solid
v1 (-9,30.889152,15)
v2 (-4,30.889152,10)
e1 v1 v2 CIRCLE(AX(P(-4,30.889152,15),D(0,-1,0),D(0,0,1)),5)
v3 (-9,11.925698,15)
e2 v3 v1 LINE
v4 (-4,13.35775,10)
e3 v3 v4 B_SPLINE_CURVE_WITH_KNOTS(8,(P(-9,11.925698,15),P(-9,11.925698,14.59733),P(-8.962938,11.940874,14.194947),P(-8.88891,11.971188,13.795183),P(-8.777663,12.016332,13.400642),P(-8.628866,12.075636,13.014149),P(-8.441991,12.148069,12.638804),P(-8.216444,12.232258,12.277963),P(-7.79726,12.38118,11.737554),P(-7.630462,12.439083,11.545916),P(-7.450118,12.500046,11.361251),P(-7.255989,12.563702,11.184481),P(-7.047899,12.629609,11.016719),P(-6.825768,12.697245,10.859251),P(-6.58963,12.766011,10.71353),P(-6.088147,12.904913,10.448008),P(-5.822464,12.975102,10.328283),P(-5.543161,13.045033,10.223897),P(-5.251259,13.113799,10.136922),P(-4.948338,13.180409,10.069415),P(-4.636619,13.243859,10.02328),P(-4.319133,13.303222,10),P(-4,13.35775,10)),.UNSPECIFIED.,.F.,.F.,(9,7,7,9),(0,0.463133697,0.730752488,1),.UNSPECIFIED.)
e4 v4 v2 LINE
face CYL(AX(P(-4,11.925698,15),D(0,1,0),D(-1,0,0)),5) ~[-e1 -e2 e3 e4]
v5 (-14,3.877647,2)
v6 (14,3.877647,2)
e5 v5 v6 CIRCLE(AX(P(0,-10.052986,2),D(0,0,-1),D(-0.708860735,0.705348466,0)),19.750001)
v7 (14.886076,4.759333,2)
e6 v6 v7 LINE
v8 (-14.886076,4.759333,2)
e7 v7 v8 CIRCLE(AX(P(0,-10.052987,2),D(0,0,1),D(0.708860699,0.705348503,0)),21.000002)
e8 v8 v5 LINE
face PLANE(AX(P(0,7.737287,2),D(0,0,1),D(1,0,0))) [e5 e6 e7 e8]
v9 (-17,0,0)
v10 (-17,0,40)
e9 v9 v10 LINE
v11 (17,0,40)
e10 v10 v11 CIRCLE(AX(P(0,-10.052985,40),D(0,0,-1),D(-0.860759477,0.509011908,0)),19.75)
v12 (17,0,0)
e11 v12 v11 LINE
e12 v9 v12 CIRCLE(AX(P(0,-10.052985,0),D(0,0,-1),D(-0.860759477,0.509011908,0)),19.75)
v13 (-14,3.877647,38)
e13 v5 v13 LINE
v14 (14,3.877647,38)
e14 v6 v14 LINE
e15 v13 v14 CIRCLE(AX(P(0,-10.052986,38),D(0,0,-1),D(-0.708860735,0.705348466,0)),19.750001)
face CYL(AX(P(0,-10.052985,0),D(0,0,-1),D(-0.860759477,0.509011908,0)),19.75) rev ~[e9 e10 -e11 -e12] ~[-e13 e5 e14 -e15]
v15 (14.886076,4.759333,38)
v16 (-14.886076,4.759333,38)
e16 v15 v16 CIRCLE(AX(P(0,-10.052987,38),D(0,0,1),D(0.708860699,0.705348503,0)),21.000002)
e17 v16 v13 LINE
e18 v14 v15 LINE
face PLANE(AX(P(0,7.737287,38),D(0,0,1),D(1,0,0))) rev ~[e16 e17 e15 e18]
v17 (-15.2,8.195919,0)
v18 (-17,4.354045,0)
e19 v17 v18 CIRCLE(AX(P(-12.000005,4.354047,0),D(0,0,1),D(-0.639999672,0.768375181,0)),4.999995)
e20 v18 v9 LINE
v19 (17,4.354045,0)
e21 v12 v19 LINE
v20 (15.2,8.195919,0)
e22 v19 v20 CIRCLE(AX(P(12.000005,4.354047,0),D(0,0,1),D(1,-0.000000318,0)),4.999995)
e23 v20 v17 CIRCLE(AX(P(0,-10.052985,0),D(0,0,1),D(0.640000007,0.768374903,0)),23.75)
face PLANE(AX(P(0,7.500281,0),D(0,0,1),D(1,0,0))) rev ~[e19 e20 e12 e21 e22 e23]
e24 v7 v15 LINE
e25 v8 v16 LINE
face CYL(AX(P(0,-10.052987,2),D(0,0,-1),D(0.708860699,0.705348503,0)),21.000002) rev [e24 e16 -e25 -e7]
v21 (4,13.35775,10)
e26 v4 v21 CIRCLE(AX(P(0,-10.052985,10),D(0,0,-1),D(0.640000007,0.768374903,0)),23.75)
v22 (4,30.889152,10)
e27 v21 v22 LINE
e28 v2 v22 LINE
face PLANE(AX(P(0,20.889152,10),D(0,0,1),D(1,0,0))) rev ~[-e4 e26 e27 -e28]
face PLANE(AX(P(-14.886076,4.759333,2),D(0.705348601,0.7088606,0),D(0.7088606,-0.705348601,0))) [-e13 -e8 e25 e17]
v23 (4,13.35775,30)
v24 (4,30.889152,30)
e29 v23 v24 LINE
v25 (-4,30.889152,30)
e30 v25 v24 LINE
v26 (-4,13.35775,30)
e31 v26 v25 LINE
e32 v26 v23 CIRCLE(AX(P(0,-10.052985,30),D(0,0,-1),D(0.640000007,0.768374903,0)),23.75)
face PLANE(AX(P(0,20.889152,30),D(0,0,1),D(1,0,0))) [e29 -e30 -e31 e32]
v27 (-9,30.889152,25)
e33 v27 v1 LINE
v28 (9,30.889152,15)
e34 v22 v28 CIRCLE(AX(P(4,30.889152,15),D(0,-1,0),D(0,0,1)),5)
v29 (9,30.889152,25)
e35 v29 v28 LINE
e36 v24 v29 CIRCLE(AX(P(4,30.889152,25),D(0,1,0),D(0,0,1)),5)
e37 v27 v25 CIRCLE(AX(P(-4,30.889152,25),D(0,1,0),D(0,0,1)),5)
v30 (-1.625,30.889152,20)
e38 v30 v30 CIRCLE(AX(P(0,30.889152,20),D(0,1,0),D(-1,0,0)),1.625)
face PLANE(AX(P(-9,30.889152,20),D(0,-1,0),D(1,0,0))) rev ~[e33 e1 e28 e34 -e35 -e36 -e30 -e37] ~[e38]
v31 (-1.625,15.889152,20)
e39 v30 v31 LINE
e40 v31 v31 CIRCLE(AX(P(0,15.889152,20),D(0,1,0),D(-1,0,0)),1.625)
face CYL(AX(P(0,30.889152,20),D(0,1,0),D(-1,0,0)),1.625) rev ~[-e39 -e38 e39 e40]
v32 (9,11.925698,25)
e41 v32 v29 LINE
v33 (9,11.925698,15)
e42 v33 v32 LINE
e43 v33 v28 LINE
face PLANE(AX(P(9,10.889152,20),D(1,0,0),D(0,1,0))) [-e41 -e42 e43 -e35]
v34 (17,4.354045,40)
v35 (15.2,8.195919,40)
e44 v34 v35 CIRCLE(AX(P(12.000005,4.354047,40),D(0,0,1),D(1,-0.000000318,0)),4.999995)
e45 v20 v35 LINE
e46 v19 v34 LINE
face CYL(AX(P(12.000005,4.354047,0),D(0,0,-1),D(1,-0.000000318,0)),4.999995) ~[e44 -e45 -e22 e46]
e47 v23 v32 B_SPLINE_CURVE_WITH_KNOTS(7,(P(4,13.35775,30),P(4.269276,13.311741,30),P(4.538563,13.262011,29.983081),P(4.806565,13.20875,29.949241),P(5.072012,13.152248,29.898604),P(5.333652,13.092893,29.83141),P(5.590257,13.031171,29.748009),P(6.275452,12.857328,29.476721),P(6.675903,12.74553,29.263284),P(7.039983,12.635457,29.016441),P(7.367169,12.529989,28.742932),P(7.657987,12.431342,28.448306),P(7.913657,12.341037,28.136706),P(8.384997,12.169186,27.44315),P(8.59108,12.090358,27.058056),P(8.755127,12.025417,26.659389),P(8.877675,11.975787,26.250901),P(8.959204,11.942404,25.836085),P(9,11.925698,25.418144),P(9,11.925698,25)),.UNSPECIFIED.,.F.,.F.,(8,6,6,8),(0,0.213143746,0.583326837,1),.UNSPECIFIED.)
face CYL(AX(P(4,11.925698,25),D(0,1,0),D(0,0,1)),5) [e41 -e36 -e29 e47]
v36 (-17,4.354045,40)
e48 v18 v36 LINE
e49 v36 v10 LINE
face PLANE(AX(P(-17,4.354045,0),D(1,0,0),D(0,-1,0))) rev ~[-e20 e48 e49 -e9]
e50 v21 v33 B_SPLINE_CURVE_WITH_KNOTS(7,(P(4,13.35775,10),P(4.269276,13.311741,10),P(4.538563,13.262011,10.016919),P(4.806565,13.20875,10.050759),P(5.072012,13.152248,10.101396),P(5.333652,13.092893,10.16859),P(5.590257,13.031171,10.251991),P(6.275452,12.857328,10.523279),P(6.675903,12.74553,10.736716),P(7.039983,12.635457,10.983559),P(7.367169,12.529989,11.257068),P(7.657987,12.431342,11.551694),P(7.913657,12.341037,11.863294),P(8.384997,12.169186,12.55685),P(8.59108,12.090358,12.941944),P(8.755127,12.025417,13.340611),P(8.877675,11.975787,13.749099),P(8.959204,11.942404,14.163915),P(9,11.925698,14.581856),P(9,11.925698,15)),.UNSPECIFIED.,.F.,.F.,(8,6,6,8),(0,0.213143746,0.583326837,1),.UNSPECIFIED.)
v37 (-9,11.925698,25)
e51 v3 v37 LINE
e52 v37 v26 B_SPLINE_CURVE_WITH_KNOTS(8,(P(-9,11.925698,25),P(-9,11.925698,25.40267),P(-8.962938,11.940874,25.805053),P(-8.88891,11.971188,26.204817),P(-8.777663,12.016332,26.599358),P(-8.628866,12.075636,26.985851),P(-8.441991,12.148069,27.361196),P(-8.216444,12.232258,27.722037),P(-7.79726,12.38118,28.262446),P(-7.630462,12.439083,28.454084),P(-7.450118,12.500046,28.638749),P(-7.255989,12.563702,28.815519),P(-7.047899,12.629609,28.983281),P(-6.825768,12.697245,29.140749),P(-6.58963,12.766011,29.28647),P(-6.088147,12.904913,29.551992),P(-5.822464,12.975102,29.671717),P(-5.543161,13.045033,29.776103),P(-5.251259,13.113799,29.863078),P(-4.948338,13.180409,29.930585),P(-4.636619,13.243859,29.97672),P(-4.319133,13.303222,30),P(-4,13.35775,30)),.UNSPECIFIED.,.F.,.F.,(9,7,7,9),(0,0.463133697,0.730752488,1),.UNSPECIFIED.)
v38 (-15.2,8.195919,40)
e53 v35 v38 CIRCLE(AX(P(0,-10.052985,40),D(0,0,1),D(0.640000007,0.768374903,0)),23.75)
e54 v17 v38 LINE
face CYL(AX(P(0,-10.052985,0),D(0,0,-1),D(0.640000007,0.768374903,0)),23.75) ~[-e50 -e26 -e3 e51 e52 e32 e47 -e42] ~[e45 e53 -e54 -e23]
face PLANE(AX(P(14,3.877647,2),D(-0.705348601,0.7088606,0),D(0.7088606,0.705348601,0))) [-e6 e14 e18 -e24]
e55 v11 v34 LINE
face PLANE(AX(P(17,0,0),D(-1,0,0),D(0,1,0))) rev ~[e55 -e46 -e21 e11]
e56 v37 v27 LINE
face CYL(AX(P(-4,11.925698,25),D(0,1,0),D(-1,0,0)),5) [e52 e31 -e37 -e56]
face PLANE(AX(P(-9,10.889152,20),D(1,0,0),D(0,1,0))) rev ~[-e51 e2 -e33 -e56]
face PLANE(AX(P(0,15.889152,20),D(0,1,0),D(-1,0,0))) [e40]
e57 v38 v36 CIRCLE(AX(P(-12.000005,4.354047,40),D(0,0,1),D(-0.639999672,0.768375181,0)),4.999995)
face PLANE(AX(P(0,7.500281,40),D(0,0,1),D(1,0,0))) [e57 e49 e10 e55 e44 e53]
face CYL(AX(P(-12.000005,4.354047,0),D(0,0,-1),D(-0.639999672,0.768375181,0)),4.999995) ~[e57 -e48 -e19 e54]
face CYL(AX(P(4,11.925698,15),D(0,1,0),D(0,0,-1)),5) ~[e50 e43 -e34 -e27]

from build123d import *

# Parameters (mm, degrees)
F1_DEPTH      = 40
F3_W          = 18
F3_H          = 20
F4_DEPTH      = 10
F4_DEPTH_BACK = 10
F7_DEPTH      = 36
F8_R          = 1.625
F9_DEPTH      = 15
F10_R         = 5


with BuildPart() as f1:
    # F0 (on Top) → F1 (new body)
    with BuildSketch(Plane.XY):
        with BuildLine():
            ThreePointArc((-17, 0), (0, 9.697015), (17, 0))
            Line((17, 0), (17, 4.354045))
            ThreePointArc((17, 4.354045), (16.527693, 6.475365), (15.2, 8.195919))
            ThreePointArc((15.2, 8.195919), (0, 13.697015), (-15.2, 8.195919))
            ThreePointArc((-15.2, 8.195919), (-16.527693, 6.475365), (-17, 4.354045))
            Line((-17, 4.354045), (-17, 0))
        make_face()
    extrude(amount=F1_DEPTH)

    # F3 (on offset) → F4 (join, two sides)
    with BuildSketch(Plane.XY.offset(20)) as f4_sk:
        with Locations((0, 20.889152)):
            Rectangle(F3_W, F3_H)
    extrude(amount=F4_DEPTH)
    extrude(f4_sk.sketch, amount=-F4_DEPTH_BACK)

    # F6 (on offset) → F7 (cut)
    with BuildSketch(Plane.XY.offset(2)):
        with BuildLine():
            Line((14, 3.877647), (14.886076, 4.759333))
            ThreePointArc((14.886076, 4.759333), (0, 10.947015), (-14.886076, 4.759333))
            Line((-14.886076, 4.759333), (-14, 3.877647))
            ThreePointArc((-14, 3.877647), (0, 9.697015), (14, 3.877647))
        make_face()
    extrude(amount=F7_DEPTH, mode=Mode.SUBTRACT)

    # F8 (on face) → F9 (cut)
    with BuildSketch(Plane(origin=(0, 30.889152, 0), x_dir=(-1, 0, 0), z_dir=(0, 1, 0))):
        with Locations((0, 20)):
            Circle(F8_R)
    extrude(amount=-F9_DEPTH, mode=Mode.SUBTRACT)

    # F10
    f10_edges = [f1.edges().sort_by_distance(p)[0] for p in [
        (9, 21.407425, 30),
        (-9, 21.407425, 30),
        (-9, 21.407425, 10),
        (9, 21.407425, 10),
    ]]
    fillet(f10_edges, radius=F10_R)


solid = f1.part
